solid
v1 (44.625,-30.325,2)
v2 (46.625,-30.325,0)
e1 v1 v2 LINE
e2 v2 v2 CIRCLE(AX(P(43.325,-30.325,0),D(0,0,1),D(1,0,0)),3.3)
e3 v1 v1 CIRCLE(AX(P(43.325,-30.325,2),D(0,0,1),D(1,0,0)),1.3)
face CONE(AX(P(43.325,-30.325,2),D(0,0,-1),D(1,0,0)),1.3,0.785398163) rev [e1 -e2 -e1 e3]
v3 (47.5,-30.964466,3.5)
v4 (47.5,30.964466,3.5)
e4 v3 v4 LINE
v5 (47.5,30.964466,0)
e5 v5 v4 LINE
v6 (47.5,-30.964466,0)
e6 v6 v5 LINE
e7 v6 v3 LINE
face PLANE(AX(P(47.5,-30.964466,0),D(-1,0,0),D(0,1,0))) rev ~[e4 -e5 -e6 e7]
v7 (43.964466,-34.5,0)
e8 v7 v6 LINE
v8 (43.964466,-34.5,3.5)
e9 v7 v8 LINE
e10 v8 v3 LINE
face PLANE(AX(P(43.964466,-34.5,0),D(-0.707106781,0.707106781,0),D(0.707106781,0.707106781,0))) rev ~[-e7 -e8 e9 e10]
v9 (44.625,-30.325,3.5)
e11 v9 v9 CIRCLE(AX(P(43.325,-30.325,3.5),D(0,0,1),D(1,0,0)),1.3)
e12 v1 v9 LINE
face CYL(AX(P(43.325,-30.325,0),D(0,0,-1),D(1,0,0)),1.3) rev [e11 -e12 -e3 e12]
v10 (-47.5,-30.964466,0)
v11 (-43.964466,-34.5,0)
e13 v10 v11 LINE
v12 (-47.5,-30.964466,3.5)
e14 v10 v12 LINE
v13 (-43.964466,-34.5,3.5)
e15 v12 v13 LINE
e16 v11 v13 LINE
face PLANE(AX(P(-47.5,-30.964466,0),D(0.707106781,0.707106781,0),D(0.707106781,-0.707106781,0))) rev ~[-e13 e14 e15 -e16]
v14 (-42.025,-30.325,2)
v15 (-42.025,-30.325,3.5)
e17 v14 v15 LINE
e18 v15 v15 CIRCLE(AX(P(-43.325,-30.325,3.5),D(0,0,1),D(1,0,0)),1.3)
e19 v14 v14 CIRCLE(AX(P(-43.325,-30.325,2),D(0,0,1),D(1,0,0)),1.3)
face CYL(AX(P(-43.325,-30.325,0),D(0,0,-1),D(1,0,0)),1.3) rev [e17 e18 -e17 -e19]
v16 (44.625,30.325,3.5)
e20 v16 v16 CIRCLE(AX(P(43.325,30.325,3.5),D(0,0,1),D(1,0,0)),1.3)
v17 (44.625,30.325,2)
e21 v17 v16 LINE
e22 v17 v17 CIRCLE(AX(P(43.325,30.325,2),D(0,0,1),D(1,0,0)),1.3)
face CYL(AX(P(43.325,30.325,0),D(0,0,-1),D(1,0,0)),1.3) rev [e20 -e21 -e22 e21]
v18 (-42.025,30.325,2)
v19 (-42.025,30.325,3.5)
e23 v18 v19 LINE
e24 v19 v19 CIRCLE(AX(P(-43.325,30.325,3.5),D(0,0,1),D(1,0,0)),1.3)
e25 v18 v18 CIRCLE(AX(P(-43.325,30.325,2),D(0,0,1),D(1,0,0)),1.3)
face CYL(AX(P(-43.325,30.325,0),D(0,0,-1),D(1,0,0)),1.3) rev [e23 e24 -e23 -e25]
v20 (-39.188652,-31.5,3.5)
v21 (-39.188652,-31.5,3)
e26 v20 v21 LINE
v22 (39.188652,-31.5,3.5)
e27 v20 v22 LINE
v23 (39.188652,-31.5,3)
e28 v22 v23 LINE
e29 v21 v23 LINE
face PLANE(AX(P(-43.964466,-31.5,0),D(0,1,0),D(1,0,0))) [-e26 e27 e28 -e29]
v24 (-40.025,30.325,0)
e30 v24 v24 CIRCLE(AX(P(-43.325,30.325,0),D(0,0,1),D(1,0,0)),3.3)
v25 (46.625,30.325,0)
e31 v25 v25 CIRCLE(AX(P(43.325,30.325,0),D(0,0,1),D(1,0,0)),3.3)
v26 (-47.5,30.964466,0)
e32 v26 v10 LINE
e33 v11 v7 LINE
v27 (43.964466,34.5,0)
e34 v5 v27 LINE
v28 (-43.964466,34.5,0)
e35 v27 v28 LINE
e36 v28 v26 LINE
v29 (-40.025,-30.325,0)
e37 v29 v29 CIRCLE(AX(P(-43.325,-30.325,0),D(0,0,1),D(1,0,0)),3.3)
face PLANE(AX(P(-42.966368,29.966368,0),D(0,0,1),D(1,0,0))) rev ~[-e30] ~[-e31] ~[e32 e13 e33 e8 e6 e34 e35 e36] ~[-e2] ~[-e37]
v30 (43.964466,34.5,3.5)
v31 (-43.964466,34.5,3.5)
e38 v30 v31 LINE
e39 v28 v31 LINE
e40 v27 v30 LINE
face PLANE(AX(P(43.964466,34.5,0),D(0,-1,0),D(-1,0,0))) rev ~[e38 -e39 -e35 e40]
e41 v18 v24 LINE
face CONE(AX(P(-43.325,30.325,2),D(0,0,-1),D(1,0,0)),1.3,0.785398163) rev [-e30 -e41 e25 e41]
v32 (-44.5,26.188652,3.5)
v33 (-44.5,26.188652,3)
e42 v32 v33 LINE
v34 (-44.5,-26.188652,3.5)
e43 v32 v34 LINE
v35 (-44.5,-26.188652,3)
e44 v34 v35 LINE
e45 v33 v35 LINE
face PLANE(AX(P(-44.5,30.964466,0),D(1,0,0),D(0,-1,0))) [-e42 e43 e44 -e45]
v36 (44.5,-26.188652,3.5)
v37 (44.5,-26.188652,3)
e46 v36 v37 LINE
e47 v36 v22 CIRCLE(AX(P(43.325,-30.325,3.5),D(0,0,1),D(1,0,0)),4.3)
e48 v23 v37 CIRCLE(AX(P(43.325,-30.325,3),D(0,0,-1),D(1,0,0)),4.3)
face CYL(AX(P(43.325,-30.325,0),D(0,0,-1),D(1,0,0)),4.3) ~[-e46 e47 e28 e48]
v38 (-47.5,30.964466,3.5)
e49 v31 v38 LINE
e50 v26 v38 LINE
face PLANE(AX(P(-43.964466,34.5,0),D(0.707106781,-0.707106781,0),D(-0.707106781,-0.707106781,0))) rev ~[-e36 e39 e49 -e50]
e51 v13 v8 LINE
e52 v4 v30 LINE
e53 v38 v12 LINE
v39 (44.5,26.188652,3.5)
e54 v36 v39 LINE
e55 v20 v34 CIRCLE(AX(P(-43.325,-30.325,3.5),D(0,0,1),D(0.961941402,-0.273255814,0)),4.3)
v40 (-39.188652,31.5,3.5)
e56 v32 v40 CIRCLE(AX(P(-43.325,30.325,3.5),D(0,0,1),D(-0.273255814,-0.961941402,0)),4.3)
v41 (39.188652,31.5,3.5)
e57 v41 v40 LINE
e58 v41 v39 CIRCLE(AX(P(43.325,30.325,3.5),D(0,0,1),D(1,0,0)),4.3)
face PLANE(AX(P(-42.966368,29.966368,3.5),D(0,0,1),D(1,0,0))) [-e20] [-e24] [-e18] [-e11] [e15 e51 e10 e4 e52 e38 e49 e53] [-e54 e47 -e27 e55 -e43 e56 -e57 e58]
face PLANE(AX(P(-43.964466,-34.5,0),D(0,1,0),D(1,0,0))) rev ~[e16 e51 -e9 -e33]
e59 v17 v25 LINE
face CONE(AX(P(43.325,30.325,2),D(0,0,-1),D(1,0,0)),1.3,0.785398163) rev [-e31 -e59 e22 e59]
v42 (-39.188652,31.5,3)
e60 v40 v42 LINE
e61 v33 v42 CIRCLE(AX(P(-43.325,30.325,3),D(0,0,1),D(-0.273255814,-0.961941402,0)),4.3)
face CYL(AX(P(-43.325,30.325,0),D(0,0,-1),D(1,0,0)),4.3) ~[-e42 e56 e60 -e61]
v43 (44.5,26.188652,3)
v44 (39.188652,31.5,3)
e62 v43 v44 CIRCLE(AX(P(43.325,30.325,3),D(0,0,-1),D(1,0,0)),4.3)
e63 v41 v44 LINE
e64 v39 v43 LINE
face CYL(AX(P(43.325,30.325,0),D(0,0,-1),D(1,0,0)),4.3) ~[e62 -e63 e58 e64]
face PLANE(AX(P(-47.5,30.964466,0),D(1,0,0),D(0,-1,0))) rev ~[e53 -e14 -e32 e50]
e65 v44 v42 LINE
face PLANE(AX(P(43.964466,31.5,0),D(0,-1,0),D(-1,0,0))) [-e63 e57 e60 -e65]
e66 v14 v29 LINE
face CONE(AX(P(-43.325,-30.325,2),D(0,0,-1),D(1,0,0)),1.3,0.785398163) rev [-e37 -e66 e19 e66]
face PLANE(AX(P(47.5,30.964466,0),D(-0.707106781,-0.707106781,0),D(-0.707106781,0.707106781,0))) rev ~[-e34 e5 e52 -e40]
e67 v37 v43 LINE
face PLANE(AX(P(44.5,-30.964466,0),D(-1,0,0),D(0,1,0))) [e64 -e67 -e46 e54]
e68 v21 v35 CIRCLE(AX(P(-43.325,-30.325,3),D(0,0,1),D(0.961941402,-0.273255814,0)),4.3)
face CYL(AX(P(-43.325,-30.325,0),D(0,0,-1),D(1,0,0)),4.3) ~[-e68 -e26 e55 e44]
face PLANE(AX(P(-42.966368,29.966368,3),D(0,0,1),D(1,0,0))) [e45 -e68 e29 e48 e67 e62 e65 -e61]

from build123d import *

# Parameters (mm, degrees)
F0_R     = 1.3
F1_DEPTH = 3.5
F2_T     = -3
F3_SIZE  = 2


with BuildPart() as f1:
    # F0 (on Top) → F1 (new body)
    with BuildSketch(Plane.XY):
        Polygon((-39.15, 34.5), (-43.964466, 34.5), (-47.5, 30.964466), (-47.5, 26.15), (-39.15, 26.15), align=None)
        with Locations((-43.325, 30.325)):
            Circle(F0_R, mode=Mode.SUBTRACT)
        Polygon((-27.15, 34.5), (-39.15, 34.5), (-39.15, 26.15), (-47.5, 26.15), (-47.5, 0), (-47.5, -26.15), (-39.15, -26.15), (-39.15, -32.7), (-39.15, -34.5), (-27.15, -34.5), (27.15, -34.5), (39.15, -34.5), (39.15, -32.7), (39.15, -26.15), (47.5, -26.15), (47.5, 0), (47.5, 26.15), (39.15, 26.15), (39.15, 34.5), (27.15, 34.5), align=None)
        Polygon((43.964466, 34.5), (39.15, 34.5), (39.15, 26.15), (47.5, 26.15), (47.5, 30.964466), align=None)
        with Locations((43.325, 30.325)):
            Circle(F0_R, mode=Mode.SUBTRACT)
        Polygon((-39.15, -26.15), (-47.5, -26.15), (-47.5, -30.964466), (-43.964466, -34.5), (-39.15, -34.5), (-39.15, -32.7), align=None)
        with Locations((-43.325, -30.325)):
            Circle(F0_R, mode=Mode.SUBTRACT)
        Polygon((47.5, -30.964466), (47.5, -26.15), (39.15, -26.15), (39.15, -32.7), (39.15, -34.5), (43.964466, -34.5), align=None)
        with Locations((43.325, -30.325)):
            Circle(F0_R, mode=Mode.SUBTRACT)
    extrude(amount=F1_DEPTH)

    # F2
    f2_openings = [f1.faces().sort_by_distance(p)[0] for p in [
        (0, 0, 3.5),
    ]]
    offset(amount=F2_T, openings=f2_openings)

    # F3
    f3_edges = [f1.edges().sort_by_distance(p)[0] for p in [
        (42.025, 30.325, 0),
        (42.025, -30.325, 0),
        (-44.625, -30.325, 0),
        (-44.625, 30.325, 0),
    ]]
    chamfer(f3_edges, length=F3_SIZE)


solid = f1.part
